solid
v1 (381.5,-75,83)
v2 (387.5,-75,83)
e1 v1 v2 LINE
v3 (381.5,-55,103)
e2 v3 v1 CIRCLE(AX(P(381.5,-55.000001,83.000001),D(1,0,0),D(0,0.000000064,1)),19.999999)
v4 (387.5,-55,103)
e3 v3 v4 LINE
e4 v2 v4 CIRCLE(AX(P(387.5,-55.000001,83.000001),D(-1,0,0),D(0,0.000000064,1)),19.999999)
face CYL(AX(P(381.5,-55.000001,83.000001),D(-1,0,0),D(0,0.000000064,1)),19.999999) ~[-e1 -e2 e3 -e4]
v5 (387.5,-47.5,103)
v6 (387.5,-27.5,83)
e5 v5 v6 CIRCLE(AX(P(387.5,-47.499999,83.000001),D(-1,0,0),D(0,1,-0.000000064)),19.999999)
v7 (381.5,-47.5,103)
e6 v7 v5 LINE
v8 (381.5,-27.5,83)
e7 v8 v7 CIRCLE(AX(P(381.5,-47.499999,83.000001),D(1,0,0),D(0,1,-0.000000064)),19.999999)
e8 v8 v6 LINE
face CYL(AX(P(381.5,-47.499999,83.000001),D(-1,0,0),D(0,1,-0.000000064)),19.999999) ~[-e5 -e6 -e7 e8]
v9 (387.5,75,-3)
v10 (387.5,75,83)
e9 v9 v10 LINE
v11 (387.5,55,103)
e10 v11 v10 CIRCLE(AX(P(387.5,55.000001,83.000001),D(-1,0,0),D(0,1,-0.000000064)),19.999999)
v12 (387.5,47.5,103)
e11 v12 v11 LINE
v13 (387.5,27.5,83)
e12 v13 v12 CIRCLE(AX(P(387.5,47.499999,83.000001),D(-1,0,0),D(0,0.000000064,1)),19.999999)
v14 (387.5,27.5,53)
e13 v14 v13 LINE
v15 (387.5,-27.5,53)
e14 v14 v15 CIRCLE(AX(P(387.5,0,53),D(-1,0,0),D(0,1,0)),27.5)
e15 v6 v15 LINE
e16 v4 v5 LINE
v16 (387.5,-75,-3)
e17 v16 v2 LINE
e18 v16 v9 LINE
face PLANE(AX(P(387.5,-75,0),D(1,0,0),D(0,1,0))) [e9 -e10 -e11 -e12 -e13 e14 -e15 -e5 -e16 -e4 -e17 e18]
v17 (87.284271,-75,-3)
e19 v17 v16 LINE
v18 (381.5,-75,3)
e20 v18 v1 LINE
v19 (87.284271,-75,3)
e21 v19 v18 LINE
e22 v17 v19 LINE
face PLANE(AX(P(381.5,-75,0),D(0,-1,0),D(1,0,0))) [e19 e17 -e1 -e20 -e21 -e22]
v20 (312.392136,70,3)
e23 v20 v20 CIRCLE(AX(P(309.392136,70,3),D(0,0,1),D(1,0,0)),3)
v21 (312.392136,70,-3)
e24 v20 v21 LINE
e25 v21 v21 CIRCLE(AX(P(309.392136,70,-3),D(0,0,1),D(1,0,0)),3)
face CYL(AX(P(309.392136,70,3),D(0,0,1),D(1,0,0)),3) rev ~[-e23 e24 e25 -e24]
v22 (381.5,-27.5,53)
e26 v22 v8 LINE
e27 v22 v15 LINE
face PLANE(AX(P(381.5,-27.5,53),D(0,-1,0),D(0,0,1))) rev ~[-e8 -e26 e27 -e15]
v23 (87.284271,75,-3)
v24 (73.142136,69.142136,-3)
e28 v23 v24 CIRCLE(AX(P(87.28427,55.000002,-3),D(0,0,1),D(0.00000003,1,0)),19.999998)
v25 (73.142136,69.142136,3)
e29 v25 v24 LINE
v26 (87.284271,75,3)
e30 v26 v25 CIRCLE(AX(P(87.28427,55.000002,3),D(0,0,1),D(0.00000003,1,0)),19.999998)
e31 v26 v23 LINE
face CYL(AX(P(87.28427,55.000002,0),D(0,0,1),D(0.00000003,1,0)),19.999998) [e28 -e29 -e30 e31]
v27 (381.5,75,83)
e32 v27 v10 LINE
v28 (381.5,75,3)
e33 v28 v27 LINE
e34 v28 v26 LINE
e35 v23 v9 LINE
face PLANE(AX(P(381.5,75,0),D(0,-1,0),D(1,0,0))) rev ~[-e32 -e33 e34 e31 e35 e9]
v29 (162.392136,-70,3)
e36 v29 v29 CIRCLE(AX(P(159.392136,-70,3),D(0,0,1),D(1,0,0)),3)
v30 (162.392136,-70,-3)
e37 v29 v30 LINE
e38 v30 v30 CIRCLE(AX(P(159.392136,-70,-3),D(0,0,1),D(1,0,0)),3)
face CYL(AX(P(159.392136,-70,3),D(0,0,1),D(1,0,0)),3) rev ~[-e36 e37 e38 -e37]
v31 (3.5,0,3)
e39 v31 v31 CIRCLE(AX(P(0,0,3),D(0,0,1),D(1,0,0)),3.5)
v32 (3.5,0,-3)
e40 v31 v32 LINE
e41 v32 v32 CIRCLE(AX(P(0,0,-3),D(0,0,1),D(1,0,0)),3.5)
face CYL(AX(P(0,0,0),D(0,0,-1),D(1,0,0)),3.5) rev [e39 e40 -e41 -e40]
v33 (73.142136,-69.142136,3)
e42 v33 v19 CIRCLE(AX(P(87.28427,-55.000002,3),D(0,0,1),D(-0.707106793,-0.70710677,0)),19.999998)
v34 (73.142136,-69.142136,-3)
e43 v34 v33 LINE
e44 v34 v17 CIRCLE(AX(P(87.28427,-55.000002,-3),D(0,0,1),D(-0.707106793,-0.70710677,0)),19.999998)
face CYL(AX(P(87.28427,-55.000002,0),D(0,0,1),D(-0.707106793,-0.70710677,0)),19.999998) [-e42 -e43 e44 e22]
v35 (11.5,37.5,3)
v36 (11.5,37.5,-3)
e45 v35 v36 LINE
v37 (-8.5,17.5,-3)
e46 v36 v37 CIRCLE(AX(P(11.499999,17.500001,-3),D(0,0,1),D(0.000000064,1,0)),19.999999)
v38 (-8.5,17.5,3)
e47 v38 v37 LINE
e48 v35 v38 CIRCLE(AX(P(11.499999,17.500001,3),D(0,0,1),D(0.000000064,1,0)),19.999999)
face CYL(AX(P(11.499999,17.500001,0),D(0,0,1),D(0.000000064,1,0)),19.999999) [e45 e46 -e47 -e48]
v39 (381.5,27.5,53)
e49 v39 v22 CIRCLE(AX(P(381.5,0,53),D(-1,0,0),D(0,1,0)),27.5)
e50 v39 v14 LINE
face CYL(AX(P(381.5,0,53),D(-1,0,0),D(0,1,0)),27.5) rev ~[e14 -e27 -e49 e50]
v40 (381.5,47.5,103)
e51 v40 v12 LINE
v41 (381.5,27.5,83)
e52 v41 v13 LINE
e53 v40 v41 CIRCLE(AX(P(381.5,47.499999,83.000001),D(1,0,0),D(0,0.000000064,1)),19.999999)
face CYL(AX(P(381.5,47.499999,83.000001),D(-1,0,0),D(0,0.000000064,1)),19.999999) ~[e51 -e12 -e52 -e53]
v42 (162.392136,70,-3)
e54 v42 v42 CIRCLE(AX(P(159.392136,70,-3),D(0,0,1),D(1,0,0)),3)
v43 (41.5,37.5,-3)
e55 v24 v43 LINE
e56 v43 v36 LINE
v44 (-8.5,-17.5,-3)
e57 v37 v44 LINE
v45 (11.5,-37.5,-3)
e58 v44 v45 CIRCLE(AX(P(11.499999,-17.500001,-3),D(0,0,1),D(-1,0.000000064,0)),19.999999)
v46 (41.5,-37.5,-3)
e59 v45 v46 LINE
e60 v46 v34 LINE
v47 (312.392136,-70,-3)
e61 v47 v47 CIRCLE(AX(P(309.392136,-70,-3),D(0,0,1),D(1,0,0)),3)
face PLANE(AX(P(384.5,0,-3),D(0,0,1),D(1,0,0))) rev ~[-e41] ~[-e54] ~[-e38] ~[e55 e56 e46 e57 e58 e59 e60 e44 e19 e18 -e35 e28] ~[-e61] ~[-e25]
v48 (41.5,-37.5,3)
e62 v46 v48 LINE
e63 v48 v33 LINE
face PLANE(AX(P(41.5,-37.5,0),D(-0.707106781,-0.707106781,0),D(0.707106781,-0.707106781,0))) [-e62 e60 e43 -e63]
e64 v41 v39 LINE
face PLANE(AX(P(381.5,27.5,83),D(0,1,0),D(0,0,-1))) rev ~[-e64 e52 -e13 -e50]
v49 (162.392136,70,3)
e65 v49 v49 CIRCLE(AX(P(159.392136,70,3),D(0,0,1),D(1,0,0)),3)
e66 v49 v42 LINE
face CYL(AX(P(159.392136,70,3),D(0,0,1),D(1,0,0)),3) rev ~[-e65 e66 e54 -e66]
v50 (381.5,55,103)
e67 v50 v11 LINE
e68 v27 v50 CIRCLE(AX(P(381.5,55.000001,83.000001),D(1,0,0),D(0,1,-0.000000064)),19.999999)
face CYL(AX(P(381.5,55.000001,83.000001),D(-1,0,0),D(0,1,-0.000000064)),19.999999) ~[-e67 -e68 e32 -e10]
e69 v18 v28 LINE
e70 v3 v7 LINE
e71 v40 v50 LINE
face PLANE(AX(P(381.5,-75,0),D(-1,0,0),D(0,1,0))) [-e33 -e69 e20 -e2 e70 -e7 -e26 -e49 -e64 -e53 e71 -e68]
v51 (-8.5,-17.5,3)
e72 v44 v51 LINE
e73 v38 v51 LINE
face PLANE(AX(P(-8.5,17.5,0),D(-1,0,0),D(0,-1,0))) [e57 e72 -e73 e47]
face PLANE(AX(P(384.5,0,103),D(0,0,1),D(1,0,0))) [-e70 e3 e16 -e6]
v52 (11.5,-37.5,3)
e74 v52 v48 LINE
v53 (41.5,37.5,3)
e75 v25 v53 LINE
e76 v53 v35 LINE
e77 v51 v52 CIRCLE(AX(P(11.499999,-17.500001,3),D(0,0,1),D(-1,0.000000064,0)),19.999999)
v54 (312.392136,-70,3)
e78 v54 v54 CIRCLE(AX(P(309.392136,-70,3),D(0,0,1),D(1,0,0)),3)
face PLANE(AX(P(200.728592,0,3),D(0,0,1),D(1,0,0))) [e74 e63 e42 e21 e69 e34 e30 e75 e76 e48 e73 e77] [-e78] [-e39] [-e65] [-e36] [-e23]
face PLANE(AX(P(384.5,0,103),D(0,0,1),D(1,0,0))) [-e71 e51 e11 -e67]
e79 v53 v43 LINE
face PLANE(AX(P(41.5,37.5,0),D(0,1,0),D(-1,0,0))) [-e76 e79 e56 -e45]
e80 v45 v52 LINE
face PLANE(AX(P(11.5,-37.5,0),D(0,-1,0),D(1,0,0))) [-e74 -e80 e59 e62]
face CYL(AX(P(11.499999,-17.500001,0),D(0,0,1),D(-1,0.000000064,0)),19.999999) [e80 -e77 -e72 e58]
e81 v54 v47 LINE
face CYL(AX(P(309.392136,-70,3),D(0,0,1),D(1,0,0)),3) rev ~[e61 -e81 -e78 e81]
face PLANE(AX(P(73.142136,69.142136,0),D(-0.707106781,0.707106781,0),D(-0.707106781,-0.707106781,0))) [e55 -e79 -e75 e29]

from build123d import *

# Parameters (mm, degrees)
F0_R          = 3.5
F1_DEPTH      = 3
F0_W          = 6
F0_H          = 150
F2_DEPTH      = 103
F2_DEPTH_BACK = 3
F4_DEPTH      = 25
F5_R          = 3
F6_DEPTH      = 25


with BuildPart() as f1:
    # F0 (on Top) → F1 (new body, symmetric)
    with BuildSketch(Plane.XY):
        with BuildLine():
            Line((-8.5, 17.5), (-8.5, 0))
            Line((-8.5, 0), (-8.5, -17.5))
            ThreePointArc((-8.5, -17.5), (-2.642136, -31.642136), (11.5, -37.5))
            Line((11.5, -37.5), (41.5, -37.5))
            Line((41.5, -37.5), (73.142136, -69.142136))
            ThreePointArc((73.142136, -69.142136), (79.630603, -73.477591), (87.284271, -75))
            Line((87.284271, -75), (381.5, -75))
            Line((381.5, -75), (381.5, 75))
            Line((381.5, 75), (87.284271, 75))
            ThreePointArc((87.284271, 75), (79.630603, 73.477591), (73.142136, 69.142136))
            Line((73.142136, 69.142136), (41.5, 37.5))
            Line((41.5, 37.5), (11.5, 37.5))
            ThreePointArc((11.5, 37.5), (-2.642136, 31.642136), (-8.5, 17.5))
        make_face()
        Circle(F0_R, mode=Mode.SUBTRACT)
    extrude(amount=F1_DEPTH, both=True)

    # F0 (on Top) → F2 (join, two sides)
    with BuildSketch(Plane.XY) as f2_sk:
        with Locations((384.5, 0)):
            Rectangle(F0_W, F0_H)
    extrude(amount=F2_DEPTH)
    extrude(f2_sk.sketch, amount=-F2_DEPTH_BACK)

    # F3 (on face) → F4 (cut)
    with BuildSketch(Plane(origin=(381.5, 0, 0), x_dir=(0, -1, 0), z_dir=(-1, 0, 0))):
        with BuildLine():
            ThreePointArc((27.5, 53), (0, 80.5), (-27.5, 53))
            ThreePointArc((-27.5, 53), (0, 25.5), (27.5, 53))
        make_face()
        with BuildLine():
            ThreePointArc((55, 103), (69.142136, 97.142136), (75, 83))
            Line((75, 83), (75, 103))
            Line((75, 103), (55, 103))
        make_face()
        with BuildLine():
            Line((-75, 103), (-75, 83))
            ThreePointArc((-75, 83), (-69.142136, 97.142136), (-55, 103))
            Line((-55, 103), (-75, 103))
        make_face()
        with BuildLine():
            Line((-27.5, 103), (-47.5, 103))
            ThreePointArc((-47.5, 103), (-33.357864, 97.142136), (-27.5, 83))
            Line((-27.5, 83), (-27.5, 53))
            ThreePointArc((-27.5, 53), (0, 80.5), (27.5, 53))
            Line((27.5, 53), (27.5, 83))
            ThreePointArc((27.5, 83), (33.357864, 97.142136), (47.5, 103))
            Line((47.5, 103), (32.5, 103))
            Line((32.5, 103), (-27.5, 103))
        make_face()
    extrude(amount=-F4_DEPTH, mode=Mode.SUBTRACT)

    # F5 (on face) → F6 (cut)
    with BuildSketch(Plane.XY.offset(3)):
        with Locations((159.392136, 70)):
            Circle(F5_R)
        with Locations((309.392136, 70)):
            Circle(F5_R)
        with Locations((309.392136, -70)):
            Circle(F5_R)
        with Locations((159.392136, -70)):
            Circle(F5_R)
    extrude(amount=-F6_DEPTH, mode=Mode.SUBTRACT)


solid = f1.part
